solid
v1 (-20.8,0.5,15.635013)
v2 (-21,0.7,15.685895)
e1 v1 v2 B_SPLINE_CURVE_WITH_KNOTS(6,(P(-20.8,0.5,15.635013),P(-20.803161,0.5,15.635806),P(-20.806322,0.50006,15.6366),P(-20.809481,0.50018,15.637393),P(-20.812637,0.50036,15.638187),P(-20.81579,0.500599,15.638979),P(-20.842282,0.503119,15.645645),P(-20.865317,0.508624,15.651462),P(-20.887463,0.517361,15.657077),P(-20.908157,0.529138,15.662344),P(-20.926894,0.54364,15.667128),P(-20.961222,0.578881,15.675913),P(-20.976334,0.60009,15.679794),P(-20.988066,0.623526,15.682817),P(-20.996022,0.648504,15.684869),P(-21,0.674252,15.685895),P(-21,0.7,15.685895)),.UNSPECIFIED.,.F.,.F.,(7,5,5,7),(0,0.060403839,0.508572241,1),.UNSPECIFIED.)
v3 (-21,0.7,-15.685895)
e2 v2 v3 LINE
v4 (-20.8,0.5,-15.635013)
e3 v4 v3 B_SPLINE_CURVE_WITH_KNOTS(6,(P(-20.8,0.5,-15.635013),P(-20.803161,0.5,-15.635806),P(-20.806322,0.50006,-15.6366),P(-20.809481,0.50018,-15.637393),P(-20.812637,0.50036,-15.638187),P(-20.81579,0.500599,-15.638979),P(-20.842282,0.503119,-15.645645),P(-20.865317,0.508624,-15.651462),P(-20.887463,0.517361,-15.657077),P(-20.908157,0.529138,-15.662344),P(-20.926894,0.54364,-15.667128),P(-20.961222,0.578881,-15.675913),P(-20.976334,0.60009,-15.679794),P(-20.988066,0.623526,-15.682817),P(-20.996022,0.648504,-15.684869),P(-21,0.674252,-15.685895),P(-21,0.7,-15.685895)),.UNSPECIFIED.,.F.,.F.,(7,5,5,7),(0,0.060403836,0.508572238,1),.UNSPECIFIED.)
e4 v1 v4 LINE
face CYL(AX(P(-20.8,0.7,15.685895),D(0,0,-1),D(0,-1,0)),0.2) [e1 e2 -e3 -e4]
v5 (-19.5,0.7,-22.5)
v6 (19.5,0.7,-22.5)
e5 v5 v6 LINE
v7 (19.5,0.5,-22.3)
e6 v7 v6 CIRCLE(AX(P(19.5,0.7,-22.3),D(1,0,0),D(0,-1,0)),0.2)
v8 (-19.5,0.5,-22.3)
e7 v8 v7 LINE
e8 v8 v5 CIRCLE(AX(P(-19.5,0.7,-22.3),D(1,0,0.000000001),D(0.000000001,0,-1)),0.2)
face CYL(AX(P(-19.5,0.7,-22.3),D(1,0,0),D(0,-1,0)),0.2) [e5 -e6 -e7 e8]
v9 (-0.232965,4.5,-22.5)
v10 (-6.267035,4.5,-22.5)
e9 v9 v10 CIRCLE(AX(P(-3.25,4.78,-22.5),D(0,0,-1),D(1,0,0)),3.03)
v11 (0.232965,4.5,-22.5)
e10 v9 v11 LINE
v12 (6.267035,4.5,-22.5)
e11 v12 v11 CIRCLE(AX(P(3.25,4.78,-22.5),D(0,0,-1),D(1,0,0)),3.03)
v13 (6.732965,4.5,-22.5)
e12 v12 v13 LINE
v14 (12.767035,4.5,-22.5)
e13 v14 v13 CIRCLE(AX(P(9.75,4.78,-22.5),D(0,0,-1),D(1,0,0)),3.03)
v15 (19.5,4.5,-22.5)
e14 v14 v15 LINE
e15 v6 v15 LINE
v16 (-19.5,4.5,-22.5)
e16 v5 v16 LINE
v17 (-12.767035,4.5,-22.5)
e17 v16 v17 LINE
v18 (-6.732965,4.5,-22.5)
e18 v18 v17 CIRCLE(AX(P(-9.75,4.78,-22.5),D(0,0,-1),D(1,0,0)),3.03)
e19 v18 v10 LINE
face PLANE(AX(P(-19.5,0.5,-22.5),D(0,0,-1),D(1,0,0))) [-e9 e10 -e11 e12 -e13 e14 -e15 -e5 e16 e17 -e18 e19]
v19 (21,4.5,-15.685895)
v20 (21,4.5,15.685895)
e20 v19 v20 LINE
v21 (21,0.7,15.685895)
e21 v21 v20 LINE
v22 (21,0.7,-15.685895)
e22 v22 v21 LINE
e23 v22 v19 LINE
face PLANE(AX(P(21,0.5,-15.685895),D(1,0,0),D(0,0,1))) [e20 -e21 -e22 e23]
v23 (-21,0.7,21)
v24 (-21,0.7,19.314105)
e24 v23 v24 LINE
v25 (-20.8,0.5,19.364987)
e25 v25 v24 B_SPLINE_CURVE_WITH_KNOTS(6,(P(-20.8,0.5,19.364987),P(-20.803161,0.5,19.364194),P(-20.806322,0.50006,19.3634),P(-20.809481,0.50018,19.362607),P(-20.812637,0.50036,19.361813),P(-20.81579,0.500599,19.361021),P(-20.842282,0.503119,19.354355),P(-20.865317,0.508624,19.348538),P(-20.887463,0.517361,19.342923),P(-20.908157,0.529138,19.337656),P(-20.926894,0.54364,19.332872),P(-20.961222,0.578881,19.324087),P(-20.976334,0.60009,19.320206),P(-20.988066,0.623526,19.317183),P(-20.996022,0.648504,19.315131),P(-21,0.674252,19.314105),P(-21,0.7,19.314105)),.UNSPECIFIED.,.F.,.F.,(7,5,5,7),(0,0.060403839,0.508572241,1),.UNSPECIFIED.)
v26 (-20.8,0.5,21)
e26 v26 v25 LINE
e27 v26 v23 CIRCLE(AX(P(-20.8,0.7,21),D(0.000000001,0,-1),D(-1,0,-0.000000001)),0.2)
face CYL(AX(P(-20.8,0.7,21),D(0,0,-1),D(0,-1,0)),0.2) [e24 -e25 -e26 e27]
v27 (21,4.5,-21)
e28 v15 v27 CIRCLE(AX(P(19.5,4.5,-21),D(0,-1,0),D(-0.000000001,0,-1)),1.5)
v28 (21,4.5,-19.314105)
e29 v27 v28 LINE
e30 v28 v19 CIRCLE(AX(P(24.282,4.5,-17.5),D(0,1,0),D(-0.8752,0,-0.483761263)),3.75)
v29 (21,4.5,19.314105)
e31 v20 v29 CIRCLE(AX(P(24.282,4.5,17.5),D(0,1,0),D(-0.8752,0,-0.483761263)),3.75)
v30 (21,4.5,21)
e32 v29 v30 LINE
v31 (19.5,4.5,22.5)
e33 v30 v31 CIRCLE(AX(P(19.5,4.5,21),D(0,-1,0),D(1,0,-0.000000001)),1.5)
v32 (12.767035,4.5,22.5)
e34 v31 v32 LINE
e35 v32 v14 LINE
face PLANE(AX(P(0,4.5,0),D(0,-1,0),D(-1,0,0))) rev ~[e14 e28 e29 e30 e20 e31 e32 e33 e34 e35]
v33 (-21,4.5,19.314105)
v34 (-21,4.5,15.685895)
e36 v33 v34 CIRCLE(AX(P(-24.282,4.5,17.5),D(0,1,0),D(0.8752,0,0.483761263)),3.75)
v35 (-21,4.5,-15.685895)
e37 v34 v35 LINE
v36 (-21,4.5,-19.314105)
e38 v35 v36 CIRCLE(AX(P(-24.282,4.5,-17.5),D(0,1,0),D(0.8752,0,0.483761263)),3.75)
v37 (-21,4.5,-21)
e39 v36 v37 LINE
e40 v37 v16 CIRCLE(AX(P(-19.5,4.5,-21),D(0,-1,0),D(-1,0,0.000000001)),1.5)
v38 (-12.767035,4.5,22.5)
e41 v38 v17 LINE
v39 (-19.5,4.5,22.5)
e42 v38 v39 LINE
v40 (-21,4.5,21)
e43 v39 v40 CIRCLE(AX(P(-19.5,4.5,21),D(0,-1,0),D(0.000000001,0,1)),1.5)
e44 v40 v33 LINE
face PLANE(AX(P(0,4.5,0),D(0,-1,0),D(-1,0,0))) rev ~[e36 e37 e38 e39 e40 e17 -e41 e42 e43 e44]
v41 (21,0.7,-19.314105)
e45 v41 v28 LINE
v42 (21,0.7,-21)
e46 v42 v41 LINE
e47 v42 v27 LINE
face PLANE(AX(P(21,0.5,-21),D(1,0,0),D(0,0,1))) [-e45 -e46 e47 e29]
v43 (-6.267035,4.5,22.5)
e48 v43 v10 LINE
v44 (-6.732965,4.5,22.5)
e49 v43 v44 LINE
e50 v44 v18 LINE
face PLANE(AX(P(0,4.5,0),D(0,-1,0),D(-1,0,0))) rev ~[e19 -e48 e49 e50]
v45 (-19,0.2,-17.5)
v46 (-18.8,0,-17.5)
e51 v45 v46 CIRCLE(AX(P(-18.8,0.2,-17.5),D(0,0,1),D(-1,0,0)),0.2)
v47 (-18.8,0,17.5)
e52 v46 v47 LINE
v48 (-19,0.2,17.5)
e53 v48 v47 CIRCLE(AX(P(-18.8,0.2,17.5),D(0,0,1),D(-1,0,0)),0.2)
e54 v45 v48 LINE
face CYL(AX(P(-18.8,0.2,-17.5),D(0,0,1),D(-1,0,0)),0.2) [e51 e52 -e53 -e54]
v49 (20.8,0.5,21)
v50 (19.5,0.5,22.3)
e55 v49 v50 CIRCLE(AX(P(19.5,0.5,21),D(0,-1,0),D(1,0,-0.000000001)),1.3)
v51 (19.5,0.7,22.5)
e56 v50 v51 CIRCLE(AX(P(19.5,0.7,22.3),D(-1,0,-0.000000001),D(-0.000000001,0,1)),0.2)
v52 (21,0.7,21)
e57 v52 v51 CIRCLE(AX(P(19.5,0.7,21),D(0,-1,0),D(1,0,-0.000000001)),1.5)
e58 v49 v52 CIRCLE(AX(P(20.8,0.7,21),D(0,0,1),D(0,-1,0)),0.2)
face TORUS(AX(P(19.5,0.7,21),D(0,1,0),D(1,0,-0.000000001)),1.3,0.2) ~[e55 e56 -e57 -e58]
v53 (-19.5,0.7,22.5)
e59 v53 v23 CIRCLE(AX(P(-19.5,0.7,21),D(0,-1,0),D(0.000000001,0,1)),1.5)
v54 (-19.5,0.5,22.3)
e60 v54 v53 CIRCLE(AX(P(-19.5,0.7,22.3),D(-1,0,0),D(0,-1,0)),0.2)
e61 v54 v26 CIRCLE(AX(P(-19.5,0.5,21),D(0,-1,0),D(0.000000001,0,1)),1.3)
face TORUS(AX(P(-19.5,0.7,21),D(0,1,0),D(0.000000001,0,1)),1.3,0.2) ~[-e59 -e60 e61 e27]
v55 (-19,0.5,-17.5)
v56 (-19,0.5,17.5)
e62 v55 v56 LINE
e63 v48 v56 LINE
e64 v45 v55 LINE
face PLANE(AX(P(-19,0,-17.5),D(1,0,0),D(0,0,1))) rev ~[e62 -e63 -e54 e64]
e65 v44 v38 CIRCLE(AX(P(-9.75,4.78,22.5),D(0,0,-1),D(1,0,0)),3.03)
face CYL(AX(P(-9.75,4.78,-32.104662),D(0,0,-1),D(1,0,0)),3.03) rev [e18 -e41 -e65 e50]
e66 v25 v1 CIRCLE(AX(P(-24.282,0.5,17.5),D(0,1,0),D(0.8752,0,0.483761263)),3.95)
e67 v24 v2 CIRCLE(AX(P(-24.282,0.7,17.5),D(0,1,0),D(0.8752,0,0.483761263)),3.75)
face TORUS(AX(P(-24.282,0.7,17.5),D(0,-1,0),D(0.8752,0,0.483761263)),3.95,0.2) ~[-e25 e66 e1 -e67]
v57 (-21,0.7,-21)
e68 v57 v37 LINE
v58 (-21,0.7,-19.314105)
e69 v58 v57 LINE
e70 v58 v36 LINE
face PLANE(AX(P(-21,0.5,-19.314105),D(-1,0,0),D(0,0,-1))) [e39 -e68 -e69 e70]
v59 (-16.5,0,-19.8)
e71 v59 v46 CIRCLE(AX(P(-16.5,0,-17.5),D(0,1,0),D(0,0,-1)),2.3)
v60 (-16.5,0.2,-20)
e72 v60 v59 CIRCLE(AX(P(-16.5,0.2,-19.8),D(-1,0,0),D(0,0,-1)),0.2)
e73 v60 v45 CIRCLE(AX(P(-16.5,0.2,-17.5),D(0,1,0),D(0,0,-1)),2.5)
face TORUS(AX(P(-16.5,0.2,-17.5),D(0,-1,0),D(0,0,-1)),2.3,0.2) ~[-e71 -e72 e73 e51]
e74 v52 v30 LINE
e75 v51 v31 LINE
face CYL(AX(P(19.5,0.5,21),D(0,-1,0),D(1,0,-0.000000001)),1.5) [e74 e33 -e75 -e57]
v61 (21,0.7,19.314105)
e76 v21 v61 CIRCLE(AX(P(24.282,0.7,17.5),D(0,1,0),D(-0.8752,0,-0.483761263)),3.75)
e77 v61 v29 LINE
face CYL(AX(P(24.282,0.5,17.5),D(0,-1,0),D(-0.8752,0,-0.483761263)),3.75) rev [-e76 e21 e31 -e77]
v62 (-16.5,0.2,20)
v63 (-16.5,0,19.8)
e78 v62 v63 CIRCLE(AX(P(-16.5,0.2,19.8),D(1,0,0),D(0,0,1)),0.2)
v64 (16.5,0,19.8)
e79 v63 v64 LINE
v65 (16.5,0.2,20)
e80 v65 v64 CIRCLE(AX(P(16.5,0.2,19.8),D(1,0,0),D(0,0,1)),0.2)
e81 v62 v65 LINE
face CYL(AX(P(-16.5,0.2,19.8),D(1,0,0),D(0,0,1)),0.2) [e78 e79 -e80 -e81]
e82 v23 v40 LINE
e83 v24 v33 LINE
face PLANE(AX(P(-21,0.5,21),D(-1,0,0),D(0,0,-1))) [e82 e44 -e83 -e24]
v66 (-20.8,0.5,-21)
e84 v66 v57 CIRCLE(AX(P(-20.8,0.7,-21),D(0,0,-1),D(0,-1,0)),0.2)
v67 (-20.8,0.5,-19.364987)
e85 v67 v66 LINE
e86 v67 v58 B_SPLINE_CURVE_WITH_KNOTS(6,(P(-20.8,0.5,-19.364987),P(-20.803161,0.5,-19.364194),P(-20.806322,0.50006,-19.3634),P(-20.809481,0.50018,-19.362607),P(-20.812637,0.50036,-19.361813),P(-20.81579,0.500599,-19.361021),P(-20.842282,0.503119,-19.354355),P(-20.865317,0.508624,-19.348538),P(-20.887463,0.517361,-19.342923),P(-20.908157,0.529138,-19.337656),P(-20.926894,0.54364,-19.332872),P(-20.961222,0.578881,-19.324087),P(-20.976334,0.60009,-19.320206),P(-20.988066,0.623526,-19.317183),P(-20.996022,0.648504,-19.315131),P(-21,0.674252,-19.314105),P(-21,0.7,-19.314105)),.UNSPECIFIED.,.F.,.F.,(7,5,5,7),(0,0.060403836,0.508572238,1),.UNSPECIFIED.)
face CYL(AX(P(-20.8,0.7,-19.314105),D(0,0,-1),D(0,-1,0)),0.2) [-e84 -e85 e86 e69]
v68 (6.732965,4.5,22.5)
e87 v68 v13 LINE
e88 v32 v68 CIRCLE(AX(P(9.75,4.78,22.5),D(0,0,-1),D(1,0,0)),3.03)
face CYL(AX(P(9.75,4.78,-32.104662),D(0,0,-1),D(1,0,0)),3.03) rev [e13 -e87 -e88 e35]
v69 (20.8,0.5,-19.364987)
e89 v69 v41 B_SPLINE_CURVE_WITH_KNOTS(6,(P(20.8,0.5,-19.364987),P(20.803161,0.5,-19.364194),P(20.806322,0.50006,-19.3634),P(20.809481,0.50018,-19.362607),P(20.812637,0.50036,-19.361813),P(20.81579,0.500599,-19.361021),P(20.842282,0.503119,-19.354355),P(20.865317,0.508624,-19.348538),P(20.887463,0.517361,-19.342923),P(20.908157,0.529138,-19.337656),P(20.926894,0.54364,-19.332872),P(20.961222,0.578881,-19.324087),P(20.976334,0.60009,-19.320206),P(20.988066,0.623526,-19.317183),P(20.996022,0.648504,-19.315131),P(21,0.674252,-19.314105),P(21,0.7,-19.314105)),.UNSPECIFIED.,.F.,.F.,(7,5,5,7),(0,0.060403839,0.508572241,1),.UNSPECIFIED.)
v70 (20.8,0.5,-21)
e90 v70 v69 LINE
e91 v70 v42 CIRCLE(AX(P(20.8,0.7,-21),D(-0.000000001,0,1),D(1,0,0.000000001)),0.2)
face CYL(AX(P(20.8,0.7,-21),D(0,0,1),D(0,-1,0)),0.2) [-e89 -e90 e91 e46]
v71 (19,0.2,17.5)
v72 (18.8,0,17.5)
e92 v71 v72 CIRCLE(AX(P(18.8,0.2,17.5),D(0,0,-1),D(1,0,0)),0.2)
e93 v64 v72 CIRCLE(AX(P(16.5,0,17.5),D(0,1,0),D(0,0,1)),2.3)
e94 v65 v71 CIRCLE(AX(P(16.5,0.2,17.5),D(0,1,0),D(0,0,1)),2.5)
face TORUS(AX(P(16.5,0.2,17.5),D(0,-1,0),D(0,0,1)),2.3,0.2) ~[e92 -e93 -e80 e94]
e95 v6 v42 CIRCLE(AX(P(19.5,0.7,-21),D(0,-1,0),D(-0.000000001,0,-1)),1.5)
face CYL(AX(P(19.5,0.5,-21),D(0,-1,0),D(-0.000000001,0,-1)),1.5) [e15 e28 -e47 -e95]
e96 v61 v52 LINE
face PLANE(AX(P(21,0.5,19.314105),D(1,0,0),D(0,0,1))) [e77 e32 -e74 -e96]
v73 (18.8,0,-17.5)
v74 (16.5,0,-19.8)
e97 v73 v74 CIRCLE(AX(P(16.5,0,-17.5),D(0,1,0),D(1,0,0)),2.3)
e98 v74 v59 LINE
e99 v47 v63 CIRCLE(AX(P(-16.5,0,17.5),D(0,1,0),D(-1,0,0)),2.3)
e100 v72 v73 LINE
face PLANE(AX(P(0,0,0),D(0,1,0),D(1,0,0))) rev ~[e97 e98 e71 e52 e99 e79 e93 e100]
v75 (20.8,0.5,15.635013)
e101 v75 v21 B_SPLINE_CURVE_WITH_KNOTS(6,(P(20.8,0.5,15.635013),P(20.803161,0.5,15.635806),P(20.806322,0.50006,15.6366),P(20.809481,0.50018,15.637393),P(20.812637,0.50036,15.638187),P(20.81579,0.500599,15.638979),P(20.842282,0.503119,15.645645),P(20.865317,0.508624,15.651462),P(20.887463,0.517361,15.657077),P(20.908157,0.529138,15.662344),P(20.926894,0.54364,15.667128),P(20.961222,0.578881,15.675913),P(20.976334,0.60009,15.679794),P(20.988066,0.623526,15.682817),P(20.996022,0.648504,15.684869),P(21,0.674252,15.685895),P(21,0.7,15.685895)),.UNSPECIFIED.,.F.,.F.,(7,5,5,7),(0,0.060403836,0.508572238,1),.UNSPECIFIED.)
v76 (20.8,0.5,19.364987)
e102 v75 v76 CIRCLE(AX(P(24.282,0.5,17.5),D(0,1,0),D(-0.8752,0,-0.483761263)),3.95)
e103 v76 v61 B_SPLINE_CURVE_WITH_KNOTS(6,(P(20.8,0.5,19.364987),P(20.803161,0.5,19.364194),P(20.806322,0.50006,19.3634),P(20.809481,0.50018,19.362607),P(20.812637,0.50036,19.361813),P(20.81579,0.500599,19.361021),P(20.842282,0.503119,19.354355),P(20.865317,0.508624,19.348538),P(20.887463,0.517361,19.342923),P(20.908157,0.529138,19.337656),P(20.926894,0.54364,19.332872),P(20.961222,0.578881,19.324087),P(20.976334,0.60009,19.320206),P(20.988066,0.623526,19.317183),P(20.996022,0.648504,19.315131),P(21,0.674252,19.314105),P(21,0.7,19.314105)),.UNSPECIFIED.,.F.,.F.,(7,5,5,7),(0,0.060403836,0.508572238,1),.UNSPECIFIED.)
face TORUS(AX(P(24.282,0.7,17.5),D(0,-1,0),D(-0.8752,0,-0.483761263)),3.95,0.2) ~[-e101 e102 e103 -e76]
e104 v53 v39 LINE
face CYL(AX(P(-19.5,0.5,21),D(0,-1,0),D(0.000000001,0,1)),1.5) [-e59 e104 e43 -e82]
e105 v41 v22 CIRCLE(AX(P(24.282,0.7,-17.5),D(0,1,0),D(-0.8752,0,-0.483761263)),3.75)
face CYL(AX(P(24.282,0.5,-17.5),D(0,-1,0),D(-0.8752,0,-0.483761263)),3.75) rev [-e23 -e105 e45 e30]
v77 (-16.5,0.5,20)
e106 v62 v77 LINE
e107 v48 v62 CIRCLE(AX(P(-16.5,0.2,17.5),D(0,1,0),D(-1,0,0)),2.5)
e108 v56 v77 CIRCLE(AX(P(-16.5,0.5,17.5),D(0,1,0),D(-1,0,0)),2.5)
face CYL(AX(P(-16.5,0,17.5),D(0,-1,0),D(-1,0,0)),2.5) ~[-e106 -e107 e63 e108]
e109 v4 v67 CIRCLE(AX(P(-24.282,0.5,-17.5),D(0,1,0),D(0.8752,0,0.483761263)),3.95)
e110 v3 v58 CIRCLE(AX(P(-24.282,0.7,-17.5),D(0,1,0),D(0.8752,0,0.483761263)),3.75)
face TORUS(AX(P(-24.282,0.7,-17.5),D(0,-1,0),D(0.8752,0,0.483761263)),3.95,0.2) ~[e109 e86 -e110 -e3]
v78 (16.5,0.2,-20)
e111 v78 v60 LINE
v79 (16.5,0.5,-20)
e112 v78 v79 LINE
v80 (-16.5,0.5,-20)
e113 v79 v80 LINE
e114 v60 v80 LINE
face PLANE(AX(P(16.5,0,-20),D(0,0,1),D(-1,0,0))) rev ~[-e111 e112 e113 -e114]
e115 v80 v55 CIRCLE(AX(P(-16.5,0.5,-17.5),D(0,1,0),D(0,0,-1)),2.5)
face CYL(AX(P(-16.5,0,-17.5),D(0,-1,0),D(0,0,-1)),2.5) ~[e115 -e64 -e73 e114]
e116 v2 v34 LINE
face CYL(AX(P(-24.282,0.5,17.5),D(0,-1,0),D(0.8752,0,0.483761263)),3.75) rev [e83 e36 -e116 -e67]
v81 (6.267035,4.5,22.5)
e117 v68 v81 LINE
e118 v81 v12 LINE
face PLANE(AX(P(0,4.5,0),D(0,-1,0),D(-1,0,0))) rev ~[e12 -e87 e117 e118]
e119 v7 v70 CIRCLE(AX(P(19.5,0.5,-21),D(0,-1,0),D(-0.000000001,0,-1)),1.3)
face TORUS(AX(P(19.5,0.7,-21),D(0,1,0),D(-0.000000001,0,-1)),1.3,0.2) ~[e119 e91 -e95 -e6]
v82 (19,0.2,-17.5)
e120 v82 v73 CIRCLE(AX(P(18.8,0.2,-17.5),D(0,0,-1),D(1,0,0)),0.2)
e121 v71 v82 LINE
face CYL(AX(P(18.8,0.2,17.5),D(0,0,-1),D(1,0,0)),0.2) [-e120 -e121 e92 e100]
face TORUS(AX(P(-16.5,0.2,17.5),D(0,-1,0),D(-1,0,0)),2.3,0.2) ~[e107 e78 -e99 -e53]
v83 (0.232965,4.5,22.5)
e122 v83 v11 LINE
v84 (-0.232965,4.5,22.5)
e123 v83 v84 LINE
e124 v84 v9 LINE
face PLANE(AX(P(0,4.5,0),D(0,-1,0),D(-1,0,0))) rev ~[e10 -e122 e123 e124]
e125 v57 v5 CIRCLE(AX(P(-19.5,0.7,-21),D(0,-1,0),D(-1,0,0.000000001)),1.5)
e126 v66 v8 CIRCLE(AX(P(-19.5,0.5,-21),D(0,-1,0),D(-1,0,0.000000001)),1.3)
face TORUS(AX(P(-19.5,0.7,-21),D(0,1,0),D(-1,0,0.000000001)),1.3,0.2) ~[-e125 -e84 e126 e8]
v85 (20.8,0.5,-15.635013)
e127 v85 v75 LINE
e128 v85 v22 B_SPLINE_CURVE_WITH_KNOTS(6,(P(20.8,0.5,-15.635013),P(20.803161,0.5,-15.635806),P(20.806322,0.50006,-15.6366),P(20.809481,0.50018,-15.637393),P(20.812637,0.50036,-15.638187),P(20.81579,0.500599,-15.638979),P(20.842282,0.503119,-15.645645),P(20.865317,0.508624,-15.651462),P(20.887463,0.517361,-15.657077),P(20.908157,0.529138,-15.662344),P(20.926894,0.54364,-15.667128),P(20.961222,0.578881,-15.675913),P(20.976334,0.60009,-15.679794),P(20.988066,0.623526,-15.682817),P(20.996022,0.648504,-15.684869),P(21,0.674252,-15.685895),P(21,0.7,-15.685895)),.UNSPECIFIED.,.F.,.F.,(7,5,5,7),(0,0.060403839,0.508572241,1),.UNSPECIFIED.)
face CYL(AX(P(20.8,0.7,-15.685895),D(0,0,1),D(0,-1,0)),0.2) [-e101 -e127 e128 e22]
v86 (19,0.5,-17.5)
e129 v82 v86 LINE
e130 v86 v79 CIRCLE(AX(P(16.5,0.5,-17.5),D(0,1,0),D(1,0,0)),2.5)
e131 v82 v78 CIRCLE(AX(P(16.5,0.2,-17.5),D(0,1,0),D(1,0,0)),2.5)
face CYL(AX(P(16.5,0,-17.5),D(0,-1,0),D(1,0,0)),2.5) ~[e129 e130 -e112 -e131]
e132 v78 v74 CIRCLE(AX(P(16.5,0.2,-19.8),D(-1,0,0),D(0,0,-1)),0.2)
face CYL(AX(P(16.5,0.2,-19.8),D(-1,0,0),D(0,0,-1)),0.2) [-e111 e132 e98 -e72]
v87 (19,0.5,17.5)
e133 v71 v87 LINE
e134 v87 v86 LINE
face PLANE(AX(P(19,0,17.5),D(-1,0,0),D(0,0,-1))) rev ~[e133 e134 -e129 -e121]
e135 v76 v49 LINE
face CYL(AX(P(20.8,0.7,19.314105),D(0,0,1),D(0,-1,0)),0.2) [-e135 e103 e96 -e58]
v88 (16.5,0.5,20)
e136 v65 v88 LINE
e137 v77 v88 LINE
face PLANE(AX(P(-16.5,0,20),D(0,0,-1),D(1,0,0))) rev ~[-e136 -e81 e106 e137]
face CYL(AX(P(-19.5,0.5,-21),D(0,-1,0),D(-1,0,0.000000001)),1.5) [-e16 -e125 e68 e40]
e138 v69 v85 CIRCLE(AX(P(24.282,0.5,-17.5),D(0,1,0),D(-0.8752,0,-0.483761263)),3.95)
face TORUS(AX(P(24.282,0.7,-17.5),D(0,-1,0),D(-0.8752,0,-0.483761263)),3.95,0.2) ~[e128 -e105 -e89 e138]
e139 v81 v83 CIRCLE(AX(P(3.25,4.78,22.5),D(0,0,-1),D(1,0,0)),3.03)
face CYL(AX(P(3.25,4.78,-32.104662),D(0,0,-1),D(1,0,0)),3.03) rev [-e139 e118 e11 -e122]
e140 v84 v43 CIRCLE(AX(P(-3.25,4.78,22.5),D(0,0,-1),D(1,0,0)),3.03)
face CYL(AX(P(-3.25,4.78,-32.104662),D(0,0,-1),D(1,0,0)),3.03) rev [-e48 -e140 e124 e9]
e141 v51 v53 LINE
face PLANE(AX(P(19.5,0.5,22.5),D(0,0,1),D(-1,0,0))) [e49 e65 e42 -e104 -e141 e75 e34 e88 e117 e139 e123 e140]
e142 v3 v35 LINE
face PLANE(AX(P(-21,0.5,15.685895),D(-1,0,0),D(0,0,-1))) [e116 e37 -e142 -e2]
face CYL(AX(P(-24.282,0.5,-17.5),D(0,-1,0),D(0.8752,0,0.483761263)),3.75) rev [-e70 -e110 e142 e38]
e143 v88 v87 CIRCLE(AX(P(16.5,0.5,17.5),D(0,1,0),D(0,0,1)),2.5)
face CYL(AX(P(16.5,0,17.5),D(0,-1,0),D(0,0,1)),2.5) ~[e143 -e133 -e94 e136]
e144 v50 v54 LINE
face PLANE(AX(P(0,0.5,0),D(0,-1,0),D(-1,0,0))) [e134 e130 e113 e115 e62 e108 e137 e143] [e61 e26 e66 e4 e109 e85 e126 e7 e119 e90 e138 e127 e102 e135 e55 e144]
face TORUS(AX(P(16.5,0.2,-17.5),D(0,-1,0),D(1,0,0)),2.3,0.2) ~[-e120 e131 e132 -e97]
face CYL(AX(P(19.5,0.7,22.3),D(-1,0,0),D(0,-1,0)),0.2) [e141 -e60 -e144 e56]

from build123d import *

# Parameters (mm, degrees)
BOSS_EXTRUDE1_DEPTH     = 0.5
BOSS_EXTRUDE2_DEPTH     = 4
FILLET1_R               = 0.2
CUT_EXTRUDE1_DEPTH      = 32.104662098
CUT_EXTRUDE1_DEPTH_BACK = 32.104662098
SKETCH3_R               = 3.03


with BuildPart() as part:
    # Sketch1 → Boss-Extrude1 (new body)
    with BuildSketch(Plane(origin=(0, 0, 0), x_dir=(1, 0, 0), z_dir=(0, 1, 0))):
        with BuildLine():
            Line((-19, 17.5), (-19, -17.5))
            ThreePointArc((-19, -17.5), (-18.267766953, -19.267766953), (-16.5, -20))
            Line((-16.5, -20), (16.5, -20))
            ThreePointArc((16.5, -20), (18.267766953, -19.267766953), (19, -17.5))
            Line((19, -17.5), (19, 17.5))
            ThreePointArc((19, 17.5), (18.267766953, 19.267766953), (16.5, 20))
            Line((16.5, 20), (-16.5, 20))
            ThreePointArc((-16.5, 20), (-18.267766953, 19.267766953), (-19, 17.5))
        make_face()
    extrude(amount=BOSS_EXTRUDE1_DEPTH)

    # Sketch2 → Boss-Extrude2 (add)
    with BuildSketch(Plane(origin=(0, 0.5, 0), x_dir=(1, 0, 0), z_dir=(0, 1, 0))):
        with BuildLine():
            Line((-19.5, 22.5), (19.5, 22.5))
            ThreePointArc((19.5, 22.5), (20.560660172, 22.060660172), (21, 21))
            Line((21, 21), (21, 19.314104738))
            ThreePointArc((21, 19.314104738), (20.532, 17.5), (21, 15.685895262))
            Line((21, 15.685895262), (21, -15.685895262))
            ThreePointArc((21, -15.685895262), (20.532, -17.5), (21, -19.314104738))
            Line((21, -19.314104738), (21, -21))
            ThreePointArc((21, -21), (20.560660172, -22.060660172), (19.5, -22.5))
            Line((19.5, -22.5), (-19.5, -22.5))
            ThreePointArc((-19.5, -22.5), (-20.560660172, -22.060660172), (-21, -21))
            Line((-21, -21), (-21, -19.314104738))
            ThreePointArc((-21, -19.314104738), (-20.532, -17.5), (-21, -15.685895262))
            Line((-21, -15.685895262), (-21, 15.685895262))
            ThreePointArc((-21, 15.685895262), (-20.532, 17.5), (-21, 19.314104738))
            Line((-21, 19.314104738), (-21, 21))
            ThreePointArc((-21, 21), (-20.560660172, 22.060660172), (-19.5, 22.5))
        make_face()
    extrude(amount=BOSS_EXTRUDE2_DEPTH)

    # Fillet1
    fillet1_edges = [part.edges().sort_by_distance(p)[0] for p in [
        (0, 0, 20),
        (-18.267766953, 0, 19.267766953),
        (-20.532, 0.5, 17.5),
        (-21, 0.5, 20.157052369),
        (-20.560660172, 0.5, 22.060660172),
        (0, 0.5, 22.5),
        (20.560660172, 0.5, 22.060660172),
        (21, 0.5, 20.157052369),
        (20.532, 0.5, 17.5),
        (21, 0.5, 0),
        (20.532, 0.5, -17.5),
        (21, 0.5, -20.157052369),
        (20.560660172, 0.5, -22.060660172),
        (0, 0.5, -22.5),
        (-20.560660172, 0.5, -22.060660172),
        (-21, 0.5, -20.157052369),
        (-20.532, 0.5, -17.5),
        (-21, 0.5, 0),
        (-19, 0, 0),
        (-18.267766953, 0, -19.267766953),
        (0, 0, -20),
        (18.267766953, 0, -19.267766953),
        (19, 0, 0),
        (18.267766953, 0, 19.267766953),
    ]]
    fillet(fillet1_edges, radius=FILLET1_R)

    # Sketch3 → Cut-Extrude1 (cut, two sides: drawn at the far end of the back side and taken through both)
    with BuildSketch(Plane.XY.offset(-CUT_EXTRUDE1_DEPTH_BACK)):
        with Locations((9.75, 4.78)):
            Circle(SKETCH3_R)
        with Locations((3.25, 4.78)):
            Circle(SKETCH3_R)
        with Locations((-3.25, 4.78)):
            Circle(SKETCH3_R)
        with Locations((-9.75, 4.78)):
            Circle(SKETCH3_R)
    extrude(amount=CUT_EXTRUDE1_DEPTH + CUT_EXTRUDE1_DEPTH_BACK, mode=Mode.SUBTRACT)


solid = part.part
